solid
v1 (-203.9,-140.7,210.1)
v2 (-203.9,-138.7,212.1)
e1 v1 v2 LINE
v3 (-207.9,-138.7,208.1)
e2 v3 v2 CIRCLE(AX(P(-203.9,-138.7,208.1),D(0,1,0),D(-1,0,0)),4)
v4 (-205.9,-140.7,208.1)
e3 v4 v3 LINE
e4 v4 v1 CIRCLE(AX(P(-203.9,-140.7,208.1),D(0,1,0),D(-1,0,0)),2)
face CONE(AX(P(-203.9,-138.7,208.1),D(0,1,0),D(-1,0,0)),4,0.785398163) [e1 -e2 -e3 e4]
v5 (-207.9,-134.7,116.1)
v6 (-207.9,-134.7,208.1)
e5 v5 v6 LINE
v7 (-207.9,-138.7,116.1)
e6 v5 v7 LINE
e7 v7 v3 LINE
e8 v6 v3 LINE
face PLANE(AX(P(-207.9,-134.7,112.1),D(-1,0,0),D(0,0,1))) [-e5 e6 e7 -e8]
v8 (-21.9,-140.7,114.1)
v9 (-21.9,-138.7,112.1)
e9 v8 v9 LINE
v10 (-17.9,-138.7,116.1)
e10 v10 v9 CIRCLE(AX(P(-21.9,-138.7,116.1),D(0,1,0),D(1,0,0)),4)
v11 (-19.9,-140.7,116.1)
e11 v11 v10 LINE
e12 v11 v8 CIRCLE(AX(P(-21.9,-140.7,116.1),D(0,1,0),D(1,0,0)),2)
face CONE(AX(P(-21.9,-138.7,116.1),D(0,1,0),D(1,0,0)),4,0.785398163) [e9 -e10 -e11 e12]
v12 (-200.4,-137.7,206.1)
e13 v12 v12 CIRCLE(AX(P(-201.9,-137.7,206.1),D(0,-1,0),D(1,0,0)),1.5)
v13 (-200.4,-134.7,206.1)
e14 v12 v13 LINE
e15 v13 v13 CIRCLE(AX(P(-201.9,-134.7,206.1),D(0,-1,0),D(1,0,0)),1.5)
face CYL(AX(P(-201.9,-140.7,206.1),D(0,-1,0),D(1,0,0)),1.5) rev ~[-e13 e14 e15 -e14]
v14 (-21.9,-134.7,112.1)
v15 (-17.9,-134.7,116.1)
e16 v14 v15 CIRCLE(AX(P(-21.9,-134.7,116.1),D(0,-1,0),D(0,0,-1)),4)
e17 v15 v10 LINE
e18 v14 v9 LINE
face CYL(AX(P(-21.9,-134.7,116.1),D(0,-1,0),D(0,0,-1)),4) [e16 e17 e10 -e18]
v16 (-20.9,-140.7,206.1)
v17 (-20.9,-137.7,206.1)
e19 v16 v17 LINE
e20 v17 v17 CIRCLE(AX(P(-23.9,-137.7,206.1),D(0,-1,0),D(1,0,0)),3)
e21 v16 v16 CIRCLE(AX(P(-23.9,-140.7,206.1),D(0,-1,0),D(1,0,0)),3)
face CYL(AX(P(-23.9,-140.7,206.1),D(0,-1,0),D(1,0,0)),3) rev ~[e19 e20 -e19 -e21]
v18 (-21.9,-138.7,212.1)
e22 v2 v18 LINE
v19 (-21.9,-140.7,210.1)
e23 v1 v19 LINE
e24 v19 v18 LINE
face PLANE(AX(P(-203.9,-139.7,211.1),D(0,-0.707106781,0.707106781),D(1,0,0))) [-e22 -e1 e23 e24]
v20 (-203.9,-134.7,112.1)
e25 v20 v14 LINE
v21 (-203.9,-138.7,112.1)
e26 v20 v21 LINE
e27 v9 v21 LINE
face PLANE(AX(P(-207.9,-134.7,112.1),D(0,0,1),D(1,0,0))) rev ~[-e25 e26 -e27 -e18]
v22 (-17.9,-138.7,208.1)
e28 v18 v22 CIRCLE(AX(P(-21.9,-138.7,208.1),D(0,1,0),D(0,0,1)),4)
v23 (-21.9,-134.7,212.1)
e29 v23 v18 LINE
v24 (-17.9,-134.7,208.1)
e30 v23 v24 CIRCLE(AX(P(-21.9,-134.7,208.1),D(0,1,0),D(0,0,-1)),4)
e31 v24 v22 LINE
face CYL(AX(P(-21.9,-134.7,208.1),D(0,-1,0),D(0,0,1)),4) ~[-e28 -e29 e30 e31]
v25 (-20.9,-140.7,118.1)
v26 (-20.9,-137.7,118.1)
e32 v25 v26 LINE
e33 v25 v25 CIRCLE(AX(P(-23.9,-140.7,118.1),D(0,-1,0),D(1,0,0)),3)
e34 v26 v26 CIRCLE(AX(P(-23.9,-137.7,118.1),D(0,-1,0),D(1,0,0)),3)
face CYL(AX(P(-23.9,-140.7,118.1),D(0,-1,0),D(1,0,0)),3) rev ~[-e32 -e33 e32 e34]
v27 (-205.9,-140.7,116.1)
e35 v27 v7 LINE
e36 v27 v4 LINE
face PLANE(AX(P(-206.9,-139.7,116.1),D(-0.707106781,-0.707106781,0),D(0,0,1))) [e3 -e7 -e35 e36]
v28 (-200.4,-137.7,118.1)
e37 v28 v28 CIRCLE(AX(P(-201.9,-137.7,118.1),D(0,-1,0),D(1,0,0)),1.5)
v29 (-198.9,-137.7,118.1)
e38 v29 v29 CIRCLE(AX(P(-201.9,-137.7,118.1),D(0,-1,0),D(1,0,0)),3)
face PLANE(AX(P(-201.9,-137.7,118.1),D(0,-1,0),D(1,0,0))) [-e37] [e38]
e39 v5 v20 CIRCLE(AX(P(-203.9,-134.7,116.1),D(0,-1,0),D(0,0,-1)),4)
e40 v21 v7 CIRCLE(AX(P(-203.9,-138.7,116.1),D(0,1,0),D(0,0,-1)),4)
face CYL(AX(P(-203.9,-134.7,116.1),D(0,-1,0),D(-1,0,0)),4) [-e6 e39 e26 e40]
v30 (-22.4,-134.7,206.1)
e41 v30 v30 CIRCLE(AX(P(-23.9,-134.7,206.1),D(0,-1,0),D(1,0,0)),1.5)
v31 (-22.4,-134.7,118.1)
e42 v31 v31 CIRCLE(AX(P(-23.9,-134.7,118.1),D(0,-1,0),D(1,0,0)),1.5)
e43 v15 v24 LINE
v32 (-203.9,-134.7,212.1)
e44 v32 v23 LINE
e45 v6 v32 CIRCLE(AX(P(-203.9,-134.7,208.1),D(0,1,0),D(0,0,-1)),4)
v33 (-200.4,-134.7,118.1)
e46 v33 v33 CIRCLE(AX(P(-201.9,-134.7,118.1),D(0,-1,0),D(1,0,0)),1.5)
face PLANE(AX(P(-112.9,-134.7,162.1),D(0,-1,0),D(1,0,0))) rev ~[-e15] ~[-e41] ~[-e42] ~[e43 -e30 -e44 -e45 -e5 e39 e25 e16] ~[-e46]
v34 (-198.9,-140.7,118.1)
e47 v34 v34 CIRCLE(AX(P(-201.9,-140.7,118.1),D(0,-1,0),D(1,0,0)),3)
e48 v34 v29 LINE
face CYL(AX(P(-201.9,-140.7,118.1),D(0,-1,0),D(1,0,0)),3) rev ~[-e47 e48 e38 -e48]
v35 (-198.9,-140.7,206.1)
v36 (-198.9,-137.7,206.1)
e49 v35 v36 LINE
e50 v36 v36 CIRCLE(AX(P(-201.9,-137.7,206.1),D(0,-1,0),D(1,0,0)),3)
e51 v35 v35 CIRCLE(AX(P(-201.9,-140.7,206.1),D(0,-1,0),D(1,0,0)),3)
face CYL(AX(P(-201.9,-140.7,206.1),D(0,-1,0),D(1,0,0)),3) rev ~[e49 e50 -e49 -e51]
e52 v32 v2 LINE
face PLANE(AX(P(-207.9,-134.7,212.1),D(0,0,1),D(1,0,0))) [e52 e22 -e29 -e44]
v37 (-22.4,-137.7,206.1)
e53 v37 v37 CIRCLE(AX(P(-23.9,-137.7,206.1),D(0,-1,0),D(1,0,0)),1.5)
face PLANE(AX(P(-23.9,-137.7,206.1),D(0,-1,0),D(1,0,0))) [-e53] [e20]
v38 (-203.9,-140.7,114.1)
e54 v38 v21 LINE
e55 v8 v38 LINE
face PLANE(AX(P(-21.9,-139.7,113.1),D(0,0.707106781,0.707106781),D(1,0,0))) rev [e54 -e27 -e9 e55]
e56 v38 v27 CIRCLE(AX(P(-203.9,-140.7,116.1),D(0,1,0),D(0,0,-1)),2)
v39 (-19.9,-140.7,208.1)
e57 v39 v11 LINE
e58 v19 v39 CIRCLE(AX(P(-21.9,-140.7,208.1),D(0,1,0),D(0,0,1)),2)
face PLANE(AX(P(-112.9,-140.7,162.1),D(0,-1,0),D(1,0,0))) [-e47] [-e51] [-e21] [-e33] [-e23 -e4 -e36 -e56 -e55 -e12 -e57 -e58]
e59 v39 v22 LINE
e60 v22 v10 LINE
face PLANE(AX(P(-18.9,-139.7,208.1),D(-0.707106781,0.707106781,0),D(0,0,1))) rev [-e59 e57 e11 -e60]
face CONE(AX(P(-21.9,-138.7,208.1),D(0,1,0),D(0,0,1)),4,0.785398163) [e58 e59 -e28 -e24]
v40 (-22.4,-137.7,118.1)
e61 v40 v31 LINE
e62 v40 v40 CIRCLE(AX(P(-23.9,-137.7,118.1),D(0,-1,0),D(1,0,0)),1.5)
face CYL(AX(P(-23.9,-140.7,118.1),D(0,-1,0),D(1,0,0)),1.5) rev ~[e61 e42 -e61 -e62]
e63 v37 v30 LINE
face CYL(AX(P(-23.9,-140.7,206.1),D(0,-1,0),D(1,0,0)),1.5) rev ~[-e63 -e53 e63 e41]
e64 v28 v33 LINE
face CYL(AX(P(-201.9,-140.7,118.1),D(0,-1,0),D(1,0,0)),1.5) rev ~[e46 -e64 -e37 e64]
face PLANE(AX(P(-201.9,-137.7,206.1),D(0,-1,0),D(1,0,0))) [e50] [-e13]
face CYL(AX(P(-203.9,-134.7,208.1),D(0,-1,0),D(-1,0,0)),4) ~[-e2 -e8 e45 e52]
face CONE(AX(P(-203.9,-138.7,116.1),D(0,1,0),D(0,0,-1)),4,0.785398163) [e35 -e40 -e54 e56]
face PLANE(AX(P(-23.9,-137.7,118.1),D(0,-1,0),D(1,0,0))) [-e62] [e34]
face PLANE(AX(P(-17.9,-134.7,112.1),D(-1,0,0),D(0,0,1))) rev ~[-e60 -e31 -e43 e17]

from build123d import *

# Parameters (mm, degrees)
SKETCH080_W     = 190
SKETCH080_H     = 100
PAD006_DEPTH    = 6
SKETCH081_R     = 1.5
POCKET026_DEPTH = 6.001
SKETCH082_R     = 3
POCKET027_DEPTH = 3
FILLET022_R     = 4
CHAMFER007_SIZE = 2


with BuildPart() as part:
    # Sketch080 → Pad006 (new body)
    with BuildSketch(Plane.XZ):
        with Locations((-95, 50)):
            Rectangle(SKETCH080_W, SKETCH080_H)
    extrude(amount=PAD006_DEPTH)

    # Sketch081 (on Face6 of Pad006) → Pocket026 (cut, through all)
    with BuildSketch(Plane.XZ.offset(6)):
        with Locations((-184, 94)):
            Circle(SKETCH081_R)
        with Locations((-6, 94)):
            Circle(SKETCH081_R)
        with Locations((-184, 6)):
            Circle(SKETCH081_R)
        with Locations((-6, 6)):
            Circle(SKETCH081_R)
    extrude(amount=-POCKET026_DEPTH, mode=Mode.SUBTRACT)

    # Sketch082 → Pocket027 (cut)
    with BuildSketch(Plane.XZ.offset(6)):
        with Locations((-184, 94)):
            Circle(SKETCH082_R)
        with Locations((-6, 94)):
            Circle(SKETCH082_R)
        with Locations((-184, 6)):
            Circle(SKETCH082_R)
        with Locations((-6, 6)):
            Circle(SKETCH082_R)
    extrude(amount=-POCKET027_DEPTH, mode=Mode.SUBTRACT)

    # Fillet022
    fillet022_edges = [part.edges().sort_by_distance(p)[0] for p in [
        (-190, -3, 100),
        (0, -3, 100),
        (0, -3, 0),
        (-190, -3, 0),
    ]]
    fillet(fillet022_edges, radius=FILLET022_R)

    # Chamfer007
    chamfer007_edges = [part.edges().sort_by_distance(p)[0] for p in [
        (-95, -6, 100),
    ]]
    chamfer(chamfer007_edges, length=CHAMFER007_SIZE)


with BuildPart() as part_1:
    # Body placement: moved
    add(part.part.moved(Location((-17.9, -134.7, 112.1))))


solid = part_1.part
